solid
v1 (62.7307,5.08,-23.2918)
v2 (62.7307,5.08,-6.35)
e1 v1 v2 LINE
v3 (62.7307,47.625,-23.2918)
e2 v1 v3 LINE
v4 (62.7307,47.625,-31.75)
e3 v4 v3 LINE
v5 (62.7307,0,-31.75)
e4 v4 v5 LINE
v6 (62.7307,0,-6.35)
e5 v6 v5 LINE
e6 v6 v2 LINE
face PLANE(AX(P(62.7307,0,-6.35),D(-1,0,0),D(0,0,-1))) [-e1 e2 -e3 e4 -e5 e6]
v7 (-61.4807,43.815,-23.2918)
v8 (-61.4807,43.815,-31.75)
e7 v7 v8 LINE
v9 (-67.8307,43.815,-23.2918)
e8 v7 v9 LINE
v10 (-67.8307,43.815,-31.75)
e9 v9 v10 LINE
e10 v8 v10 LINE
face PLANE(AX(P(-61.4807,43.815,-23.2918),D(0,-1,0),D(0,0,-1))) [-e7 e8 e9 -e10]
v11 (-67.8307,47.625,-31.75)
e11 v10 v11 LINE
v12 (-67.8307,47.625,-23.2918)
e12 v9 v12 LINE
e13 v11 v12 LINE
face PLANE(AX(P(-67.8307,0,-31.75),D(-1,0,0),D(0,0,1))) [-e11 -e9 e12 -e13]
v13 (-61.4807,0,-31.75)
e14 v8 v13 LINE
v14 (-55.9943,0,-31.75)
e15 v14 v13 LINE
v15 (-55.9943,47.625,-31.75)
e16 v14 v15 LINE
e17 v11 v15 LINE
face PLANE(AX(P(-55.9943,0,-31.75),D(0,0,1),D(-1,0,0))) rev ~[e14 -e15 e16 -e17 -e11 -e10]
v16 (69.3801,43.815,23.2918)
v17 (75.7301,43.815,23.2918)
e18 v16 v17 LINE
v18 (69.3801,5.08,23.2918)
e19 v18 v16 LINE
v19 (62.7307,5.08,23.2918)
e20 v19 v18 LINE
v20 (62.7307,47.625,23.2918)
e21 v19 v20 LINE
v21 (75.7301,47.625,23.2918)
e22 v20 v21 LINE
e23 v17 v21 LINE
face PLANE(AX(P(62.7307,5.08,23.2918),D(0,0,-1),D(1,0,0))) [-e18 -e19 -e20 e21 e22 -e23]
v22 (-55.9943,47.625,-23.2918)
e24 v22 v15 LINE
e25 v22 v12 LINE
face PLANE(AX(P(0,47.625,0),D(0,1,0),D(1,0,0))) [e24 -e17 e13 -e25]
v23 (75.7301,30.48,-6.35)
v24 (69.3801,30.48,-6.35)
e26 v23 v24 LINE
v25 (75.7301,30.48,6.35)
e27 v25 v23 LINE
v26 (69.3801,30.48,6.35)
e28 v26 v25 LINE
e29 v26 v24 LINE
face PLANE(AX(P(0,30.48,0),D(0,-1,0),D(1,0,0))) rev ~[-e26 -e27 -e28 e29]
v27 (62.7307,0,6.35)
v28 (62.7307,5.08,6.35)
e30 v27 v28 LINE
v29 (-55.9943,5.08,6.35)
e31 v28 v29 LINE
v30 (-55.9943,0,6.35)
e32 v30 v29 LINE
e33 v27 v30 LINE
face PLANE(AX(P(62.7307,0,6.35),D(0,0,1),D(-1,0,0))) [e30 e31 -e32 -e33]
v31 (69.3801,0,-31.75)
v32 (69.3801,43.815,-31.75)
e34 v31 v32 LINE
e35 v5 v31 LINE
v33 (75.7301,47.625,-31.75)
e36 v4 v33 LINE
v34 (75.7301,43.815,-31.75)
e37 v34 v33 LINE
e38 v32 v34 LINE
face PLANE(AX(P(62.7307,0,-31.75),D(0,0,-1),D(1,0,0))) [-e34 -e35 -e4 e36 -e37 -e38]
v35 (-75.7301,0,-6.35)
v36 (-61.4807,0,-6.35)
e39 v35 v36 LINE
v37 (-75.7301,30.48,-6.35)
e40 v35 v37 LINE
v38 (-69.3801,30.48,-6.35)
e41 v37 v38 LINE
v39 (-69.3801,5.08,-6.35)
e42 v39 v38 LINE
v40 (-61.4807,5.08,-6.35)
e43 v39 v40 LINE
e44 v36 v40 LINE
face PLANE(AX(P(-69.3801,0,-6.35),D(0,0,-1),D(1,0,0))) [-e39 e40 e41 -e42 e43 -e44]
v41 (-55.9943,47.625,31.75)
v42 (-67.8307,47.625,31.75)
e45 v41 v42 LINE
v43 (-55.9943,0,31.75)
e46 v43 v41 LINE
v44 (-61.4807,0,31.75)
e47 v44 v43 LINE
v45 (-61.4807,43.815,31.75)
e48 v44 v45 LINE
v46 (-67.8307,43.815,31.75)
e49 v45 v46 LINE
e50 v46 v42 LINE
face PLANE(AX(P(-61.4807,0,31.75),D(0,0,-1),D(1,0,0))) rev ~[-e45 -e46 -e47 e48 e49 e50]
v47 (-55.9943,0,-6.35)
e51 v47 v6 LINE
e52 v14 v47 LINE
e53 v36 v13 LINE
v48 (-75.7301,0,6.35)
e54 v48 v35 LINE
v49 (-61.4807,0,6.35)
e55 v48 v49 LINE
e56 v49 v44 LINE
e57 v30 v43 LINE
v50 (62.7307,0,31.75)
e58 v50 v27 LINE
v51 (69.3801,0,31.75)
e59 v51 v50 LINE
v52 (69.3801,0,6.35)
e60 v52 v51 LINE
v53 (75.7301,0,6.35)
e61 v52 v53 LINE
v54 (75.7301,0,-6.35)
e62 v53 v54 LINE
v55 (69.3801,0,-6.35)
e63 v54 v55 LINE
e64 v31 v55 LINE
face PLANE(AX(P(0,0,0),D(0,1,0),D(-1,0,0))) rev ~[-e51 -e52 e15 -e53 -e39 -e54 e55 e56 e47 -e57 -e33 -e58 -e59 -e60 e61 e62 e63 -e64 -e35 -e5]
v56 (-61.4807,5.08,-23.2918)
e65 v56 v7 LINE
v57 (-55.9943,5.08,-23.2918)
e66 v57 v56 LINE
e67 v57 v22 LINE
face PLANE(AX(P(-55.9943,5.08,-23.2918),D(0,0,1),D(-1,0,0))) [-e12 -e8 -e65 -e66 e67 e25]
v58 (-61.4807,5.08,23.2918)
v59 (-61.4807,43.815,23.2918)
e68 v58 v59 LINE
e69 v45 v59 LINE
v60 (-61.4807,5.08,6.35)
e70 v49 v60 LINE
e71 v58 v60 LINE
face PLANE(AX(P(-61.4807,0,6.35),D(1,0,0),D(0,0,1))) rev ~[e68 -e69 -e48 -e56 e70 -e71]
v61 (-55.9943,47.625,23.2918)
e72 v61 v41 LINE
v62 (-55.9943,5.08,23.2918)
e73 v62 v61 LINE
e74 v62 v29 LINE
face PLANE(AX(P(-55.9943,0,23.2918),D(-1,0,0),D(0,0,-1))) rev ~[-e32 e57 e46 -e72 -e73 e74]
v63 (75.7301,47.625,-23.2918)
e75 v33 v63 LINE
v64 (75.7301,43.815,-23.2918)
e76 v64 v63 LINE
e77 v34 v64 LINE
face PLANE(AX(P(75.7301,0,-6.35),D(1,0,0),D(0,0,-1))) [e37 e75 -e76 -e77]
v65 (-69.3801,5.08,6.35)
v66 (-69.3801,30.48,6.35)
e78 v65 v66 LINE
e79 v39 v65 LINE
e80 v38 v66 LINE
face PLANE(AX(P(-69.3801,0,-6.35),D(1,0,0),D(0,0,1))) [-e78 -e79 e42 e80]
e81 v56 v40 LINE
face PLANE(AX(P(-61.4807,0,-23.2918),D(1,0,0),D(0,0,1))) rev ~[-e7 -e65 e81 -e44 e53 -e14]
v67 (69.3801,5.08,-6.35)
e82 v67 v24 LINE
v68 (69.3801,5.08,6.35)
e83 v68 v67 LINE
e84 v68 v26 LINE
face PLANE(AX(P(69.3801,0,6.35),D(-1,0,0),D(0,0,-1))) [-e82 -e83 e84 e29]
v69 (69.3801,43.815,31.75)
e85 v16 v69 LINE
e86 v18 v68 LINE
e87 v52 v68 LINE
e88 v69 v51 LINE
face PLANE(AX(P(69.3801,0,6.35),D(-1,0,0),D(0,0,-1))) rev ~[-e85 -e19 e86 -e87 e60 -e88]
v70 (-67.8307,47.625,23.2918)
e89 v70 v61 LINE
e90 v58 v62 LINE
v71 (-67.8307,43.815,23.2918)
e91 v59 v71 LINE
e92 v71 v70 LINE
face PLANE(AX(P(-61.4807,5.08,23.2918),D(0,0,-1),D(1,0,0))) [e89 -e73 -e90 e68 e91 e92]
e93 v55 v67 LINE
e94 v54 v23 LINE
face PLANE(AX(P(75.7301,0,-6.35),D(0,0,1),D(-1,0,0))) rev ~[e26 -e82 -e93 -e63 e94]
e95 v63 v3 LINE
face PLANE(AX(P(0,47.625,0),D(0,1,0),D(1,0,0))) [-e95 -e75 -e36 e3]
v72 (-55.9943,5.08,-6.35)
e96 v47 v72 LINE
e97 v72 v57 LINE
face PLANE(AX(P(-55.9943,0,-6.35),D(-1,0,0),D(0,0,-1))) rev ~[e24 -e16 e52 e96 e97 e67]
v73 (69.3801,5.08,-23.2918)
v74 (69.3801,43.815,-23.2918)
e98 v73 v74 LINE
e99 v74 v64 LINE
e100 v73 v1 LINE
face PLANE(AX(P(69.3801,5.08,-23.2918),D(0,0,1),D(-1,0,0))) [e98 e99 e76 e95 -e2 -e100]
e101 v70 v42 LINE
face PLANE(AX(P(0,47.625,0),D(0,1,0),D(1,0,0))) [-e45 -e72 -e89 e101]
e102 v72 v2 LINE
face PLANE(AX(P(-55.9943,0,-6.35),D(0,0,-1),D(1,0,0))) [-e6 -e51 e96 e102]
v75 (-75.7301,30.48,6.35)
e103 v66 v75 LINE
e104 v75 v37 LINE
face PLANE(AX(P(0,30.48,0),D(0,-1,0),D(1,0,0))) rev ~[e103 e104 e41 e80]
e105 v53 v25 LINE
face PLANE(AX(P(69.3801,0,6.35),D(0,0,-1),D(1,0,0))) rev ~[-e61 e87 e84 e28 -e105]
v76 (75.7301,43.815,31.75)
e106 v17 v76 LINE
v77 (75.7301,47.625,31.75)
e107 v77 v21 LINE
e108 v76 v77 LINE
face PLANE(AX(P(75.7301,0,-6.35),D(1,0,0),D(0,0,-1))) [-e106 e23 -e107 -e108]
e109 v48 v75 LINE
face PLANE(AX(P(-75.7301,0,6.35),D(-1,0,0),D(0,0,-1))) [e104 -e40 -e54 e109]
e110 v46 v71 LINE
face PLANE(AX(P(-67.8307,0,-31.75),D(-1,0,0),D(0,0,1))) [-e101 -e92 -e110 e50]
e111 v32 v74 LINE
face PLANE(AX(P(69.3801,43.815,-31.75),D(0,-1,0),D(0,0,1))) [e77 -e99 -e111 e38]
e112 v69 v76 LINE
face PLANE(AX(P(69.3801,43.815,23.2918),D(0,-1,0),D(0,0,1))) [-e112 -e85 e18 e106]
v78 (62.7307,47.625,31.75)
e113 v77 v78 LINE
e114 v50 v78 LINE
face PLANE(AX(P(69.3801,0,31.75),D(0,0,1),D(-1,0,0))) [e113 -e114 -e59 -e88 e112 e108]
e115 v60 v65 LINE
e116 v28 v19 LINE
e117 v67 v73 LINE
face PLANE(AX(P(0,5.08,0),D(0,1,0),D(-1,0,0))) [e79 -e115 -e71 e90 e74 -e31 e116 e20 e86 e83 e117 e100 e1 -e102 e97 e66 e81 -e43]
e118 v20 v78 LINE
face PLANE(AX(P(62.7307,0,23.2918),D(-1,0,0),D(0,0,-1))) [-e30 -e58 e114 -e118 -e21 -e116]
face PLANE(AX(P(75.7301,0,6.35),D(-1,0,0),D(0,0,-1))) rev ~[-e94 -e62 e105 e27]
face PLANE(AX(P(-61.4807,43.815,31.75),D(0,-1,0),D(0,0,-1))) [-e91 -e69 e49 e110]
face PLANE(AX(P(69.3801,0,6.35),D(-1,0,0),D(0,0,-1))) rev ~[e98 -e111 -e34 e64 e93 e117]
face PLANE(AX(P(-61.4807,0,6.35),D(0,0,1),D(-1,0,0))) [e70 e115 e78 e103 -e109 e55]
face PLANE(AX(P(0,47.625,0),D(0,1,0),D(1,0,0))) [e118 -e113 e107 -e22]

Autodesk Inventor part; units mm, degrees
ref_plane "YZ Plane" through (0, 0, 0) normal (1, 0, 0) x (0, 1, 0)
ref_plane "XZ Plane" through (0, 0, 0) normal (0, 1, 0) x (-1, 0, 0)
ref_plane "XY Plane" through (0, 0, 0) normal (0, 0, 1) x (1, 0, 0)
sketch "Sketch1" plane through (0, 0, 0) normal (0, 1, 0) x (-1, 0, 0)
  line L0 (69.3801, 23.2918) -> (-69.3801, 23.2918)
  line L1 (-69.3801, 23.2918) -> (-69.3801, -23.2918)
  line L2 (-69.3801, -23.2918) -> (69.3801, -23.2918)
  line L3 (69.3801, -23.2918) -> (69.3801, 23.2918)
  line L4 (69.3801, 23.2918) -> (-69.3801, -23.2918) construction
  line L5 (-69.3801, 23.2918) -> (69.3801, -23.2918) construction
  line L6 (69.3801, -6.35) -> (-69.3801, -6.35)
  line L7 (-69.3801, -6.35) -> (-69.3801, 6.35)
  line L8 (-69.3801, 6.35) -> (69.3801, 6.35)
  line L9 (69.3801, 6.35) -> (69.3801, -6.35)
  line L10 (69.3801, -6.35) -> (-69.3801, 6.35) construction
  line L11 (-69.3801, -6.35) -> (69.3801, 6.35) construction
  line L12 (-62.7307, -31.75) -> (-69.3801, -31.75)
  line L13 (-69.3801, -31.75) -> (-69.3801, 31.75)
  line L14 (-69.3801, 31.75) -> (-62.7307, 31.75)
  line L15 (-62.7307, 31.75) -> (-62.7307, -31.75)
  line L16 (-62.7307, -31.75) -> (-69.3801, 31.75) construction
  line L17 (-69.3801, -31.75) -> (-62.7307, 31.75) construction
  line L18 (-69.3801, 0) -> (61.4807, 0)
  line L19 (61.4807, 0) -> (-69.3801, 0)
  line L20 (55.9943, 31.75) -> (55.9943, -31.75)
  line L21 (55.9943, -31.75) -> (61.4807, -31.75)
  line L22 (61.4807, -31.75) -> (61.4807, 31.75)
  line L23 (61.4807, 31.75) -> (55.9943, 31.75)
  line L24 (55.9943, 31.75) -> (61.4807, -31.75) construction
  line L25 (55.9943, -31.75) -> (61.4807, 31.75) construction
  point P0 (0, 0)
  point P1 (-66.0554, 0)
  point P2 (58.7375, 0)
  dimension "d0" = 138.7602
  dimension "d1" = 46.5836
  dimension "d2" = 12.7
  dimension "d3" = 130.8608
extrude "Extrusion1" add sketch "Sketch1" along normal blind 5.08 contours L22 L8 L20 L0 | L0 L20 L23 L22 | L3 L6 L22 L8 | L22 L18 L20 L8 | L15 L8 L1 L0 | L0 L13 L14 L15 | L20 L18 L15 L8 | L22 L6 L20 L18 | L22 L2 L20 L6 | L15 L18 L1 L8 | L20 L6 L15 L18 | L22 L21 L20 L2 | L15 L6 L1 L18 | L15 L2 L1 L6 | L15 L12 L13 L2
sketch "Sketch2" plane through (0, 5.08, 0) normal (0, 1, 0) x (1, 0, 0)
  point P0 (0, 0)
sketch "Sketch3" plane through (0, 0, 0) normal (0, -1, 0) x (1, 0, 0)
  line L0 (-69.3801, 6.35) -> (-61.4807, 6.35) projected
  line L1 (-69.3801, 6.35) -> (-75.7301, 6.35)
  line L2 (-75.7301, 6.35) -> (-75.7301, -6.35)
  line L3 (-75.7301, -6.35) -> (-69.3801, -6.35)
  line L4 (-69.3801, -6.35) -> (-69.3801, 6.35)
  line L5 (69.3801, 31.75) -> (69.3801, -31.75) projected
  line L6 (69.3801, 6.35) -> (75.7301, 6.35)
  line L7 (75.7301, 6.35) -> (75.7301, -6.35)
  line L8 (75.7301, -6.35) -> (69.3801, -6.35)
  line L9 (69.3801, -6.35) -> (69.3801, 6.35)
  point P0 (0, 0)
  dimension "d6" = 6.35
  dimension "d7" = 6.35
extrude "Extrusion2" add sketch "Sketch3" against normal blind 30.48
sketch "Sketch4" plane through (0, 5.08, 0) normal (0, 1, 0) x (1, 0, 0)
  line L0 (-69.3801, -23.2918) -> (69.3801, -23.2918)
  line L1 (69.3801, -23.2918) -> (69.3801, 23.2918)
  line L2 (69.3801, 23.2918) -> (-69.3801, 23.2918)
  line L3 (-69.3801, 23.2918) -> (-69.3801, -23.2918)
  line L4 (-69.3801, -23.2918) -> (69.3801, 23.2918) construction
  line L5 (69.3801, -23.2918) -> (-69.3801, 23.2918) construction
  line L6 (62.7307, 31.75) -> (62.7307, 6.35) projected
  line L7 (69.3801, 23.2918) -> (62.7307, 23.2918)
  line L8 (62.7307, 23.2918) -> (62.7307, 31.75)
  line L9 (62.7307, 31.75) -> (69.3801, 31.75)
  line L10 (69.3801, 31.75) -> (69.3801, 23.2918)
  line L11 (62.7307, -6.35) -> (62.7307, -31.75) projected
  line L12 (62.7307, -23.2918) -> (69.3801, -23.2918)
  line L13 (69.3801, -23.2918) -> (69.3801, -31.75)
  line L14 (69.3801, -31.75) -> (62.7307, -31.75)
  line L15 (62.7307, -31.75) -> (62.7307, -23.2918)
  line L16 (-61.4807, -31.75) -> (-55.9943, -31.75) projected
  line L17 (-61.4807, -6.35) -> (-61.4807, -31.75) projected
  line L18 (-55.9943, -31.75) -> (-61.4807, -31.75)
  line L19 (-61.4807, -31.75) -> (-61.4807, -23.2918)
  line L20 (-61.4807, -23.2918) -> (-55.9943, -23.2918)
  line L21 (-55.9943, -23.2918) -> (-55.9943, -31.75)
  line L22 (-61.4807, 31.75) -> (-61.4807, 6.35) projected
  line L23 (-55.9943, 31.75) -> (-61.4807, 31.75) projected
  line L24 (-61.4807, 23.2918) -> (-55.9943, 23.2918)
  line L25 (-55.9943, 23.2918) -> (-55.9943, 31.75)
  line L26 (-55.9943, 31.75) -> (-61.4807, 31.75)
  line L27 (-61.4807, 31.75) -> (-61.4807, 23.2918)
  point P0 (0, 0)
  dimension "d10" = 138.7602
  dimension "d11" = 46.5836
extrude "Extrusion3" add sketch "Sketch4" along normal blind 42.545 contours L0 L21 L16 L17 | L22 L23 L25 L2 | L0 L13 L14 L11 | L6 L9 L10 L2
sketch "Sketch5" plane through (69.3801, 0, -6.35) normal (1, 0, 0) x (0, 0, -1)
  line L0 (25.4, 47.625) -> (16.9418, 47.625) projected
  line L1 (25.4, 0) -> (25.4, 47.625) projected
  line L2 (16.9418, 47.625) -> (25.4, 47.625)
  line L3 (25.4, 47.625) -> (25.4, 43.815)
  line L4 (25.4, 43.815) -> (16.9418, 43.815)
  line L5 (16.9418, 43.815) -> (16.9418, 47.625)
  line L6 (-38.1, 0) -> (-38.1, 47.625) projected
  line L7 (-29.6418, 5.08) -> (-29.6418, 47.625) projected
  line L8 (-38.1, 47.625) -> (-29.6418, 47.625)
  line L9 (-29.6418, 47.625) -> (-29.6418, 43.815)
  line L10 (-29.6418, 43.815) -> (-38.1, 43.815)
  line L11 (-38.1, 43.815) -> (-38.1, 47.625)
  point P0 (-6.35, 0)
  dimension "d14" = 3.81
extrude "Extrusion4" add sketch "Sketch5" along normal blind 6.35
sketch "Sketch6" plane through (-61.4807, 0, -31.75) normal (-1, 0, 0) x (0, 0, 1)
  line L0 (0, 0) -> (0, 47.625) projected
  line L1 (8.4582, 5.08) -> (8.4582, 47.625) projected
  line L2 (0, 47.625) -> (8.4582, 47.625)
  line L3 (8.4582, 47.625) -> (8.4582, 43.815)
  line L4 (8.4582, 43.815) -> (0, 43.815)
  line L5 (0, 43.815) -> (0, 47.625)
  line L6 (55.0418, 5.08) -> (55.0418, 47.625) projected
  line L7 (63.5, 0) -> (63.5, 47.625) projected
  line L8 (55.0418, 47.625) -> (63.5, 47.625)
  line L9 (63.5, 47.625) -> (63.5, 43.815)
  line L10 (63.5, 43.815) -> (55.0418, 43.815)
  line L11 (55.0418, 43.815) -> (55.0418, 47.625)
  point P0 (31.75, 0)
  dimension "d17" = 3.81
extrude "Extrusion5" add sketch "Sketch6" along normal blind 6.35
properties part number "BatteryHanger"
